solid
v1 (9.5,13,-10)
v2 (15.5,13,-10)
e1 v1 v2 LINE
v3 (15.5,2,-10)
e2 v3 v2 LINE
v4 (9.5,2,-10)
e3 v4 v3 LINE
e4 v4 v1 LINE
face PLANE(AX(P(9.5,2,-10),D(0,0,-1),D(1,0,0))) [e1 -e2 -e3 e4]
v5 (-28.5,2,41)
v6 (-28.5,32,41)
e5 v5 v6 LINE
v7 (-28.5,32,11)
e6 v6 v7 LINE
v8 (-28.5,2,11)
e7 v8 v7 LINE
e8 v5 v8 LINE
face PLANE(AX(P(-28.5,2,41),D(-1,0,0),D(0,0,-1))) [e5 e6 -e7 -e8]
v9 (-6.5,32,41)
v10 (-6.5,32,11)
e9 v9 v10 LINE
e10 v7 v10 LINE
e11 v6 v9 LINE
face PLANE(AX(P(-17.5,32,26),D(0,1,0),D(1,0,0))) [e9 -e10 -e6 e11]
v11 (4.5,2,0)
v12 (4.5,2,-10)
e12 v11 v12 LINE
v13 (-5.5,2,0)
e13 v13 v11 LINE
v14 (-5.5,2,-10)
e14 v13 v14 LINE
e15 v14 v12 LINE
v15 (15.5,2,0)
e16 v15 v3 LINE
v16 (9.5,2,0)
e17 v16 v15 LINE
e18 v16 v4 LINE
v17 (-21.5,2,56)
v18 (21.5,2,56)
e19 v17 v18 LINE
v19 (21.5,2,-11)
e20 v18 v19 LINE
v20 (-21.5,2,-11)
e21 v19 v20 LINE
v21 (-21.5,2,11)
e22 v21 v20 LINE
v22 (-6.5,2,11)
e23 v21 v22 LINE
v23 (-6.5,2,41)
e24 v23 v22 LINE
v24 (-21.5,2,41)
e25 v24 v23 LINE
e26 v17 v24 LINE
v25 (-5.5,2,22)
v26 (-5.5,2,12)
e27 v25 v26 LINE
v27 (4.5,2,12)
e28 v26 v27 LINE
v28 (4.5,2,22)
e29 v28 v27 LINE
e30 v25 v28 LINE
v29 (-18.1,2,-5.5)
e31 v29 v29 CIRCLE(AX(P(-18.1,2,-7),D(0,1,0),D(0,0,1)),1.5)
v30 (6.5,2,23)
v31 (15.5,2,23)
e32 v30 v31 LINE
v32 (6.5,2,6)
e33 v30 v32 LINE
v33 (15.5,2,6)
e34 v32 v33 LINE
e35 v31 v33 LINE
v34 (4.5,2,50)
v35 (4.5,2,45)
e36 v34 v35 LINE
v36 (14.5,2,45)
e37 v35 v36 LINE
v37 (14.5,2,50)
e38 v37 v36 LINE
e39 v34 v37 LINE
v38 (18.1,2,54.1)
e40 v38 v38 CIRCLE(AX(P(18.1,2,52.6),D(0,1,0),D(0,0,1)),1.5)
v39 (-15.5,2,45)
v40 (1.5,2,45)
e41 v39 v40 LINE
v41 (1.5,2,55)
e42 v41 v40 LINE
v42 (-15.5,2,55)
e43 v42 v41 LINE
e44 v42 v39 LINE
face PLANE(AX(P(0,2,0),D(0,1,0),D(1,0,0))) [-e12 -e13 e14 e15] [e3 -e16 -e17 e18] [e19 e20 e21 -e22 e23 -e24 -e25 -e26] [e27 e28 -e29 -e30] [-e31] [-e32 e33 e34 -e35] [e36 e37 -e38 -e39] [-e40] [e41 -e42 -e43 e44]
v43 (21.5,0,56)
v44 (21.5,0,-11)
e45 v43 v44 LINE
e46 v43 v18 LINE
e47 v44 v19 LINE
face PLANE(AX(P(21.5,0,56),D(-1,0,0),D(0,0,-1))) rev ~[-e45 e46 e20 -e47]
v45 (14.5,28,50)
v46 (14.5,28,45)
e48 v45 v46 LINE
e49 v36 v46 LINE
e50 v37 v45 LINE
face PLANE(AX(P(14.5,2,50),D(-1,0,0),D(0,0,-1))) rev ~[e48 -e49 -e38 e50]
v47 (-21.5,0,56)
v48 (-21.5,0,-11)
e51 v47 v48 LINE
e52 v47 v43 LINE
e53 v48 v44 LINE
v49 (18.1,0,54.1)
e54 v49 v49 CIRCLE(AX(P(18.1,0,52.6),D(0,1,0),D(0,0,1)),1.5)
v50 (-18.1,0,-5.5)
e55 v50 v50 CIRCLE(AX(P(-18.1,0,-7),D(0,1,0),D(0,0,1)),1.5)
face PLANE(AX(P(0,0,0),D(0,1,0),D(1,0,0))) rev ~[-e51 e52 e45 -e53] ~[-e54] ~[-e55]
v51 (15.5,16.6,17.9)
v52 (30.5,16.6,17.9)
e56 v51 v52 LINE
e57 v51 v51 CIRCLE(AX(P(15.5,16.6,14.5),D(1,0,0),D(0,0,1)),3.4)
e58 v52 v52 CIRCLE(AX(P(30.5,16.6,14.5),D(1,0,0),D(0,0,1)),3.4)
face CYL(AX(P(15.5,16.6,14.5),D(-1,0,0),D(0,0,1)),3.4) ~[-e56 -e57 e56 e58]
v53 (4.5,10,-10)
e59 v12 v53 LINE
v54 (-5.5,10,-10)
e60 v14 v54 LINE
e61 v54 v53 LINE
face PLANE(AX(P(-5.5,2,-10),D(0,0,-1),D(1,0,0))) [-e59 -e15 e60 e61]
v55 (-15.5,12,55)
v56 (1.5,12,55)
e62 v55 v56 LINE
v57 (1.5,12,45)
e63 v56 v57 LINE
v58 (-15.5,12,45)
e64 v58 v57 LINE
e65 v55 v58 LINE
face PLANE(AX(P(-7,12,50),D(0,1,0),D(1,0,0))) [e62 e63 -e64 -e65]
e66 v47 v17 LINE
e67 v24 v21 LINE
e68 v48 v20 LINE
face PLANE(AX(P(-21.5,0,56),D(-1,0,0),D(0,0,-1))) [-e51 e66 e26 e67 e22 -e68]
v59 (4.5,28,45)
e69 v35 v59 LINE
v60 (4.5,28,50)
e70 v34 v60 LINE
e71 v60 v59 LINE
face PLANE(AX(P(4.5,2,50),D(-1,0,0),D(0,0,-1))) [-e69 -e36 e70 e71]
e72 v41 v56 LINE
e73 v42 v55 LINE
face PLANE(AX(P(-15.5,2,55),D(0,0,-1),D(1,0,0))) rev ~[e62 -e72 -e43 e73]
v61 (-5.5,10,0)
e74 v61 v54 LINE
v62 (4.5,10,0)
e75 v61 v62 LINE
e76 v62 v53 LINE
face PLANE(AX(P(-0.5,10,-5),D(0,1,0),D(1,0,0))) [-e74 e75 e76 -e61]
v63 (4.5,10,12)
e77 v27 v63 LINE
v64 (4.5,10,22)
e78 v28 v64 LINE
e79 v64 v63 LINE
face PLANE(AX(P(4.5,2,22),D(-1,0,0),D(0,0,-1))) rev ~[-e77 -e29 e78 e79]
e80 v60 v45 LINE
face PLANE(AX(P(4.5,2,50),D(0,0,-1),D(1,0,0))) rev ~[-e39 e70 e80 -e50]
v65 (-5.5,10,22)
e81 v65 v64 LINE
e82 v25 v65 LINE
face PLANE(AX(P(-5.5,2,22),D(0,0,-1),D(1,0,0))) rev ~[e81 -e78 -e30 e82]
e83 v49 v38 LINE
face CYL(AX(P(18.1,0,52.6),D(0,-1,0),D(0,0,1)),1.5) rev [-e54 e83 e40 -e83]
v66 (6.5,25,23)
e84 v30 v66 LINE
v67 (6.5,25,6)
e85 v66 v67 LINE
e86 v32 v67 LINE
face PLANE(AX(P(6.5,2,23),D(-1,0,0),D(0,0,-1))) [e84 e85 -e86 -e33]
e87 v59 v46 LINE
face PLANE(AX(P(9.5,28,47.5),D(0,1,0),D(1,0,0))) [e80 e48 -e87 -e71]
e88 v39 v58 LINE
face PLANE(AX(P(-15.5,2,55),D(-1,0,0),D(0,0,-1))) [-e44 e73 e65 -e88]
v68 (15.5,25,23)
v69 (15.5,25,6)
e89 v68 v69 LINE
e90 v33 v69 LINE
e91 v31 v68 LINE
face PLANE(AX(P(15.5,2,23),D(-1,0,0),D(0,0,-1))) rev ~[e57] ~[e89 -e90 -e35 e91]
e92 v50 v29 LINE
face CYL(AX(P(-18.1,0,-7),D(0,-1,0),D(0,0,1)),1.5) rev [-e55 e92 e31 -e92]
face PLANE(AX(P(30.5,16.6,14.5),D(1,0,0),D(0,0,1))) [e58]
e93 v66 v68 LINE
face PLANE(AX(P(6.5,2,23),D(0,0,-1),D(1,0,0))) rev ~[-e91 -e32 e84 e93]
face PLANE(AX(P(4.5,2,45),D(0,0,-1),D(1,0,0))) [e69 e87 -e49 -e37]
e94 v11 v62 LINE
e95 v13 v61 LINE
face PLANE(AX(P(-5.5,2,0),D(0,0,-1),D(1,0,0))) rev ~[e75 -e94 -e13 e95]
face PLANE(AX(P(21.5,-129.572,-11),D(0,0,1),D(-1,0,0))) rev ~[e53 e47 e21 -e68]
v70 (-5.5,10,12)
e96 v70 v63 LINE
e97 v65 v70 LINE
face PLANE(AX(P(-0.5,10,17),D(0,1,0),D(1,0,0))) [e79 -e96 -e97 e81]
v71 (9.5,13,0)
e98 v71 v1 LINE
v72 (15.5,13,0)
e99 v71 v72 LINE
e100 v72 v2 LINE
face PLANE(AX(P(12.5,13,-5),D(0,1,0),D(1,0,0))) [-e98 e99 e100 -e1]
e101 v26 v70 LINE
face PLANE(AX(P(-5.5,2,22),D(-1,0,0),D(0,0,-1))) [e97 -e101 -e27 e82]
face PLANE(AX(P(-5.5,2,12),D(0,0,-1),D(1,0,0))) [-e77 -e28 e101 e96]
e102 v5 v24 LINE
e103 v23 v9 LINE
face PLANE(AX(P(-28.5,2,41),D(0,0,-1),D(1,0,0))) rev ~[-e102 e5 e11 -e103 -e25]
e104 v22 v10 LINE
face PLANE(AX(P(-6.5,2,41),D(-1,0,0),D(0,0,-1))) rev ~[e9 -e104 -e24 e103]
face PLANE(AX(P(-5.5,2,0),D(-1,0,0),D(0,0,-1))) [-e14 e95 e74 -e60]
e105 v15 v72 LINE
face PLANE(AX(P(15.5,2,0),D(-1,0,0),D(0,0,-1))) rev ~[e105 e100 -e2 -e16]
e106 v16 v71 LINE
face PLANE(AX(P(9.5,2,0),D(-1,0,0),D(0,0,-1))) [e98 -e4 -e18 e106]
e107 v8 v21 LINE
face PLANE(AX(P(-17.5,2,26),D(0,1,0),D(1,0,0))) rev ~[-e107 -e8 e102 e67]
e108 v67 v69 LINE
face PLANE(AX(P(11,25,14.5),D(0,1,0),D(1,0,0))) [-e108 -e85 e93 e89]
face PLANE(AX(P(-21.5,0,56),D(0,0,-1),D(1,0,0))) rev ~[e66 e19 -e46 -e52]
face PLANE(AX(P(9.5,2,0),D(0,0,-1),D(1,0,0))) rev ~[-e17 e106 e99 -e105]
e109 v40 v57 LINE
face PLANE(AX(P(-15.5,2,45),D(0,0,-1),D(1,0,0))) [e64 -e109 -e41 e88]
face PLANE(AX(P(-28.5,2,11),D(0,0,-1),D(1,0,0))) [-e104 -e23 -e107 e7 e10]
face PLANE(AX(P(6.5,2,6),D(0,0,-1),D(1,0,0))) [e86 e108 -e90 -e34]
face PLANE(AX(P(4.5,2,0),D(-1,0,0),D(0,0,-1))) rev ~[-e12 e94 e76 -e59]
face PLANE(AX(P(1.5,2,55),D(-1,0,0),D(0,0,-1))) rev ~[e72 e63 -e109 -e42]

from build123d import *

# Parameters (mm, degrees)
SKETCH1_W              = 43
SKETCH1_H              = 112
SKETCH1_R              = 1.5
BOARD_DEPTH            = 2
SKETCH2_W              = 16
SKETCH2_H              = 40
SKETCH2_W_2            = 6
SKETCH2_H_2            = 10
F_7SEG_DEPTH           = 11
SKETCH3_W              = 10
SKETCH3_H              = 20
SKETCH3_H_2            = 10
IC_DEPTH               = 8
SKETCH5_W              = 9
SKETCH5_H              = 17
BIENTROA_DEPTH         = 23
SKETCH6_R              = 3.4
BIENTROB_DEPTH         = 15
SKETCH7_W              = 10
SKETCH7_H              = 5
IRF540_DEPTH           = 26
SKETCH8_W              = 17
SKETCH8_H              = 10
DOMINO_DEPTH           = 10
SKETCH9_W              = 22
SKETCH9_H              = 30
EXTRUDE_7805_DEPTH     = 30
SPLIT2_SURFACE_1_BACK  = 131.572
SPLIT2_SURFACE_1_DEPTH = 263.144
SPLIT2_SURFACE_2_BACK  = 131.572
SPLIT2_SURFACE_2_DEPTH = 263.144


with BuildPart() as part:
    # Sketch1 → Board (new body)
    with BuildSketch(Plane(origin=(0, 0, 0), x_dir=(1, 0, 0), z_dir=(0, 1, 0))):
        Rectangle(SKETCH1_W, SKETCH1_H)
        with Locations(Location((18.1, -52.6, 0), (0, 0, 270))):
            Circle(SKETCH1_R, mode=Mode.SUBTRACT)
        with Locations(Location((-16.5, 52, 0), (0, 0, 270))):
            Circle(SKETCH1_R, mode=Mode.SUBTRACT)
        with Locations(Location((-18.1, 7, 0), (0, 0, 270))):
            Circle(SKETCH1_R, mode=Mode.SUBTRACT)
    extrude(amount=BOARD_DEPTH)

    # Sketch2 → 7SEG (add)
    with BuildSketch(Plane(origin=(0, 2, 0), x_dir=(1, 0, 0), z_dir=(0, 1, 0))):
        with Locations((8.5, 31)):
            Rectangle(SKETCH2_W, SKETCH2_H)
        with Locations((12.5, 5)):
            Rectangle(SKETCH2_W_2, SKETCH2_H_2)
    extrude(amount=F_7SEG_DEPTH)

    # Sketch3 → IC (add)
    with BuildSketch(Plane(origin=(0, 2, 0), x_dir=(1, 0, 0), z_dir=(0, 1, 0))):
        with Locations((-6.5, 26)):
            Rectangle(SKETCH3_W, SKETCH3_H)
        with Locations((-0.5, 5)):
            Rectangle(SKETCH3_W, SKETCH3_H_2)
        with Locations((-0.5, -17)):
            Rectangle(SKETCH3_W, SKETCH3_H_2)
    extrude(amount=IC_DEPTH)

    # Sketch5 → BienTroA (add)
    with BuildSketch(Plane(origin=(0, 2, 0), x_dir=(1, 0, 0), z_dir=(0, 1, 0))):
        with Locations((11, -14.5)):
            Rectangle(SKETCH5_W, SKETCH5_H)
    extrude(amount=BIENTROA_DEPTH)

    # Sketch6 → BienTroB (add)
    with BuildSketch(Plane(origin=(15.5, 0, 0), x_dir=(0, 0, -1), z_dir=(1, 0, 0))):
        with Locations(Location((-14.5, 16.6, 0), (0, 0, 180))):
            Circle(SKETCH6_R)
    extrude(amount=BIENTROB_DEPTH)

    # Sketch7 → IRF540 (add)
    with BuildSketch(Plane(origin=(0, 2, 0), x_dir=(1, 0, 0), z_dir=(0, 1, 0))):
        with Locations((9.5, -47.5)):
            Rectangle(SKETCH7_W, SKETCH7_H)
    extrude(amount=IRF540_DEPTH)

    # Sketch8 → Domino (add)
    with BuildSketch(Plane(origin=(0, 2, 0), x_dir=(1, 0, 0), z_dir=(0, 1, 0))):
        with Locations((-7, -50)):
            Rectangle(SKETCH8_W, SKETCH8_H)
    extrude(amount=DOMINO_DEPTH)

    # Sketch9 → 7805 (add)
    with BuildSketch(Plane(origin=(0, 2, 0), x_dir=(1, 0, 0), z_dir=(0, 1, 0))):
        with Locations((-17.5, -26)):
            Rectangle(SKETCH9_W, SKETCH9_H)
    extrude(amount=EXTRUDE_7805_DEPTH)


with BuildPart() as body_2:
    # Split2: the piece behind the surface
    add(part.part)
    # Split2 surface: a surface, the sketch's curves swept straight by 263.144 mm
    with BuildLine(Plane(origin=(0, 2, 0), x_dir=(1, 0, 0), z_dir=(0, 1, 0)).offset(-SPLIT2_SURFACE_1_BACK), mode=Mode.PRIVATE) as split2_surface_1_path:
        Line((21.5, 11), (-21.5, 11))
    split2_surface_1 = Shell.extrude(split2_surface_1_path.wire(), (0 * SPLIT2_SURFACE_1_DEPTH, 1 * SPLIT2_SURFACE_1_DEPTH, 0 * SPLIT2_SURFACE_1_DEPTH))
    split(bisect_by=split2_surface_1, keep=Keep.BOTTOM)


with BuildPart() as part_1:
    add(part.part)

    # Split2: split by a surface, the side it looks to stays
    # Split2 surface: a surface, the sketch's curves swept straight by 263.144 mm
    with BuildLine(Plane(origin=(0, 2, 0), x_dir=(1, 0, 0), z_dir=(0, 1, 0)).offset(-SPLIT2_SURFACE_2_BACK), mode=Mode.PRIVATE) as split2_surface_2_path:
        Line((21.5, 11), (-21.5, 11))
    split2_surface_2 = Shell.extrude(split2_surface_2_path.wire(), (0 * SPLIT2_SURFACE_2_DEPTH, 1 * SPLIT2_SURFACE_2_DEPTH, 0 * SPLIT2_SURFACE_2_DEPTH))
    split(bisect_by=split2_surface_2, keep=Keep.TOP)


solid = part_1.part
